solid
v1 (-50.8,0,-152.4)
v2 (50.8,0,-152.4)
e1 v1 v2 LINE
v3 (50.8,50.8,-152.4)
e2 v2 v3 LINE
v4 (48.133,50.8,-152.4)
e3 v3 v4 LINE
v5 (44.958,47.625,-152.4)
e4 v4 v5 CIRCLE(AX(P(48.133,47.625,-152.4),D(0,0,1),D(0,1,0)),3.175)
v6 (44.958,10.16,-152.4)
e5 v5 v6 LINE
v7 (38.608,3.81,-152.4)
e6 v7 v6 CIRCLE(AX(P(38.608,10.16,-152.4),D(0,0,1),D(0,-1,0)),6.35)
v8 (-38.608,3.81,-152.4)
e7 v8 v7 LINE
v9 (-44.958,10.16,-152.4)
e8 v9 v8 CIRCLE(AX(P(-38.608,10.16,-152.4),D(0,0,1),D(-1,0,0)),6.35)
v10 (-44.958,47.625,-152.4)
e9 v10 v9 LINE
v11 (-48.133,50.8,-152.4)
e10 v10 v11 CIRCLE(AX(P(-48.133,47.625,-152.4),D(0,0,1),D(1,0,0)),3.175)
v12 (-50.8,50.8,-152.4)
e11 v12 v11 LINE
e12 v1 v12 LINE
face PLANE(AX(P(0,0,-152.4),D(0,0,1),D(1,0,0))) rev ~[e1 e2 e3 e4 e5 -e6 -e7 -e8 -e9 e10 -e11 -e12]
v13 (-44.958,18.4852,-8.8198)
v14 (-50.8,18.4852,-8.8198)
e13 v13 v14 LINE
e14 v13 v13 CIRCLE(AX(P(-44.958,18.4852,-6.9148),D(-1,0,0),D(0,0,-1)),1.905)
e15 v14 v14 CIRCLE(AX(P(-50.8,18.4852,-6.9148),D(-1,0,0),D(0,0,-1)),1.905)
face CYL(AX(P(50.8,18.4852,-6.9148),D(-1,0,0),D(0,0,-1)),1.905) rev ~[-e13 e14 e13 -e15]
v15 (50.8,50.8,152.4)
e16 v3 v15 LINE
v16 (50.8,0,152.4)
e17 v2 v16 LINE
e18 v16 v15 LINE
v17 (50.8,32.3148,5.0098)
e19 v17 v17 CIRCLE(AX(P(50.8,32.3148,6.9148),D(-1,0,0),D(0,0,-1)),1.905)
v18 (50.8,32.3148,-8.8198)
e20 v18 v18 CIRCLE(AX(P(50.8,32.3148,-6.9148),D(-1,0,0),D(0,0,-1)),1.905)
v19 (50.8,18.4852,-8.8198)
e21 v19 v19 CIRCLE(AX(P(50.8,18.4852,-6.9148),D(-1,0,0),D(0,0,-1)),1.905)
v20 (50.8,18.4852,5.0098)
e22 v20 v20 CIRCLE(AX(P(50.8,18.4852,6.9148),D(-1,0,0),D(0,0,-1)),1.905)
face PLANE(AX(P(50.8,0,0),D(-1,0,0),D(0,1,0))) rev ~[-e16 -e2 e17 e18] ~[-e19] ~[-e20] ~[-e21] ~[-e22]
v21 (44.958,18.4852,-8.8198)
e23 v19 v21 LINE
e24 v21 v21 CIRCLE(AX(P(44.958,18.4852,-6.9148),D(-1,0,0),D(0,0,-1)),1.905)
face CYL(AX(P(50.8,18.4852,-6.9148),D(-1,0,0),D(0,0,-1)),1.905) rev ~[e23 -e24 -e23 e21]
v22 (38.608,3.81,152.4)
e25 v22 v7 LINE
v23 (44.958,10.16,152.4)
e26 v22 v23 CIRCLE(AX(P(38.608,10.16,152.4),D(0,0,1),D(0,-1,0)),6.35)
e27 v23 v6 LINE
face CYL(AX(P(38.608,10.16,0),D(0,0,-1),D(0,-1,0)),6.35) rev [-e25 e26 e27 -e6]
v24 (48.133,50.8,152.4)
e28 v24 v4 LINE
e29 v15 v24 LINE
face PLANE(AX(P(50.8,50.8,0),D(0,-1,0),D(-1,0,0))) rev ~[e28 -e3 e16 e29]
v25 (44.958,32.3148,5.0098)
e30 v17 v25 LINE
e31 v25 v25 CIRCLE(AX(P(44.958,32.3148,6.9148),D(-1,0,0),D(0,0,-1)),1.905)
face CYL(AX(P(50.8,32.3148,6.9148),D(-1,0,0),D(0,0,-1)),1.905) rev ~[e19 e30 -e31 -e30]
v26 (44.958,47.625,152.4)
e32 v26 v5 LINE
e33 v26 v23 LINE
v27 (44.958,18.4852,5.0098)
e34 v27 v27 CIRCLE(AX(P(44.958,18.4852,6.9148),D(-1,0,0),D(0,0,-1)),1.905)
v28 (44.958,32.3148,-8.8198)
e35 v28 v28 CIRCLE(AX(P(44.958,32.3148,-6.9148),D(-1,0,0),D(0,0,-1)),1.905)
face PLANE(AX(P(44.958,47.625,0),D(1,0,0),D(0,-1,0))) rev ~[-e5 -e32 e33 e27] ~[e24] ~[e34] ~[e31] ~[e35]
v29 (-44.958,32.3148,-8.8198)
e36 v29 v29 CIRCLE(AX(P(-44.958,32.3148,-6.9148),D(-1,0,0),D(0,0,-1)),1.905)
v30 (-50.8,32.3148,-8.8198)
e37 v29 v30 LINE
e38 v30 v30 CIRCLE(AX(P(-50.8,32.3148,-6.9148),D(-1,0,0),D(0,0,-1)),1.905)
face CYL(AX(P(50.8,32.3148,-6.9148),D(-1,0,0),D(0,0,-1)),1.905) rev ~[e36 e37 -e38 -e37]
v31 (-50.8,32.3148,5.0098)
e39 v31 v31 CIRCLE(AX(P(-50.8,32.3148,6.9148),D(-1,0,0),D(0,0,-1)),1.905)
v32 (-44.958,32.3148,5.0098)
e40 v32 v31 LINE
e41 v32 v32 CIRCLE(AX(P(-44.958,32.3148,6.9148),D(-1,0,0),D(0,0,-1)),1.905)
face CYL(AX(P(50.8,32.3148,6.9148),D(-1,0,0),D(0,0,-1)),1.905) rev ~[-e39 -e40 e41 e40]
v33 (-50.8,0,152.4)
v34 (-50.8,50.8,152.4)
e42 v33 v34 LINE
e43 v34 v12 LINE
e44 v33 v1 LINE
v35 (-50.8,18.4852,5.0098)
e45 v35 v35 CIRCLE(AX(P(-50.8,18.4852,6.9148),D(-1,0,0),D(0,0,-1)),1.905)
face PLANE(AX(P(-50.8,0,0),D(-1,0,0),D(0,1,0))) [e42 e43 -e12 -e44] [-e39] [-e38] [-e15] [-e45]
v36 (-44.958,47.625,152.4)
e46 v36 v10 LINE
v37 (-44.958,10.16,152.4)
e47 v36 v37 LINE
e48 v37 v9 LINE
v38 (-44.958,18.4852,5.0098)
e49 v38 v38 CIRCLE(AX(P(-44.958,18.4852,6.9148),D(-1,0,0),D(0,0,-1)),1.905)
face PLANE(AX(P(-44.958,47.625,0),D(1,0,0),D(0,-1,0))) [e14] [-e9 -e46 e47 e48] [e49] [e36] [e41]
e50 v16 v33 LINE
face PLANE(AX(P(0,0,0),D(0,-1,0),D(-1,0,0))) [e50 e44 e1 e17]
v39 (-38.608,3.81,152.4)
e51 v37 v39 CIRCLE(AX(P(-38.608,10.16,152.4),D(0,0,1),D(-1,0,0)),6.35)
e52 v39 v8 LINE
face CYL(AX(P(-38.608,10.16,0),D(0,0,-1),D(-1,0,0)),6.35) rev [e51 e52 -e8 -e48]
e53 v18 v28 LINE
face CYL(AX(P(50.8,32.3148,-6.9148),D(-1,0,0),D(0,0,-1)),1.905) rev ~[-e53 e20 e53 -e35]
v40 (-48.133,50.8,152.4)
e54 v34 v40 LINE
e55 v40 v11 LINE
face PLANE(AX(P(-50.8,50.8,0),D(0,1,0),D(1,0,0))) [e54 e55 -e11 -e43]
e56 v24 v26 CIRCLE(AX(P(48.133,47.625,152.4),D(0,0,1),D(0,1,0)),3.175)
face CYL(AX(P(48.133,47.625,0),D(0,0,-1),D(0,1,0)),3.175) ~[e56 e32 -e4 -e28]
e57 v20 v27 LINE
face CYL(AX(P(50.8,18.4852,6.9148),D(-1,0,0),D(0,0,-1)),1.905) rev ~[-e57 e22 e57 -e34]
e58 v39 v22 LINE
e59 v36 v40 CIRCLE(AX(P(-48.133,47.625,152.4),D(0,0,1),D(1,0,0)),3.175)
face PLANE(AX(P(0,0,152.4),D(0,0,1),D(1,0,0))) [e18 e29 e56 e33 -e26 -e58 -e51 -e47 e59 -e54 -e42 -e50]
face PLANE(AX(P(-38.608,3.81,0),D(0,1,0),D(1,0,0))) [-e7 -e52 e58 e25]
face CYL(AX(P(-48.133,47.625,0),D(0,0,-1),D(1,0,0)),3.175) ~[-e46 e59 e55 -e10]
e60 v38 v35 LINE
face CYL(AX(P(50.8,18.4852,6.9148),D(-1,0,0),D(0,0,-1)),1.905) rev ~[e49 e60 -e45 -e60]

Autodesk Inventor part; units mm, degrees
ref_plane "YZ Plane" through (0, 0, 0) normal (1, 0, 0) x (0, 1, 0)
ref_plane "XZ Plane" through (0, 0, 0) normal (0, 1, 0) x (-1, 0, 0)
ref_plane "XY Plane" through (0, 0, 0) normal (0, 0, 1) x (1, 0, 0)
sketch "Sketch1" plane through (0, 0, 0) normal (0, 0, 1) x (1, 0, 0)
  line L0 (0, 0) -> (50.8, 0)
  line L1 (50.8, 0) -> (50.8, 50.8)
  line L2 (50.8, 50.8) -> (48.133, 50.8)
  line L3 (44.958, 47.625) -> (44.958, 10.16)
  line L4 (0, 0) -> (-50.8, 0)
  line L5 (-50.8, 0) -> (-50.8, 50.8)
  line L6 (-50.8, 50.8) -> (-48.133, 50.8)
  line L7 (-44.958, 47.625) -> (-44.958, 10.16)
  line L8 (-38.608, 3.81) -> (38.608, 3.81)
  arc A0 (-44.958, 10.16) -> (-38.608, 3.81) centre (-38.608, 10.16) ccw
  arc A1 (38.608, 3.81) -> (44.958, 10.16) centre (38.608, 10.16) ccw
  arc A2 (-44.958, 47.625) -> (-48.133, 50.8) centre (-48.133, 47.625) ccw
  arc A3 (48.133, 50.8) -> (44.958, 47.625) centre (48.133, 47.625) ccw
  point P0 (44.958, 50.8)
  point P1 (44.958, 3.81)
  point P2 (49.4665, 50.8)
  point P3 (-44.958, 50.8)
  point P4 (-44.958, 3.81)
  dimension "d0" = 50.8
  dimension "d1" = 50.8
  dimension "d2" = 5.842
  dimension "d3" = 46.99
  dimension "d4" = 50.8
  dimension "d5" = 5.842
  dimension "d6" = 46.99
  dimension "d7" = 50.8
  dimension "d8" = 6.35
  dimension "d9" = 6.35
  dimension "d12" = 3.175
  dimension "d13" = 3.175
extrude "Extrusion1" add sketch "Sketch1" along normal mid plane 304.8
sketch "Sketch3" plane through (50.8, 0, 152.4) normal (1, 0, 0) x (0, 0, -1)
  line L0 (304.8, 50.8) -> (0, 50.8) projected
  line L1 (0, 0) -> (0, 50.8) projected
  line L2 (304.8, 50.8) -> (304.8, 0) projected
  line L3 (0, 25.4) -> (304.8, 25.4) construction
  line L4 (152.4, 50.8) -> (152.4, 0) construction
  circle A0 centre (152.4, 25.4) radius 9.779 construction
  circle A1 centre (159.3148, 32.3148) radius 1.8288
  circle A2 centre (159.3148, 18.4852) radius 1.8288
  circle A3 centre (145.4852, 18.4852) radius 1.8288
  circle A4 centre (145.4852, 32.3148) radius 1.8288
  line L5 (145.4852, 18.4852) -> (159.3148, 18.4852) construction
  line L6 (159.3148, 18.4852) -> (159.3148, 32.3148) construction
  line L7 (159.3148, 32.3148) -> (145.4852, 32.3148) construction
  line L8 (145.4852, 32.3148) -> (145.4852, 18.4852) construction
  line L9 (145.4852, 18.4852) -> (159.3148, 32.3148) construction
  line L10 (159.3148, 18.4852) -> (145.4852, 32.3148) construction
  dimension "d22" = 19.558
  dimension "d23" = 3.6576
  dimension "d24" = 3.6576
  dimension "d25" = 3.6576
  dimension "d26" = 3.6576
hole "Hole2" at (50.8, 32.3148, 6.9148) at (50.8, 32.3148, -6.9148) at (50.8, 18.4852, -6.9148) at (50.8, 18.4852, 6.9148) direction (-1, 0, 0) diameter 3.81 end through all clearance for "Flat Head Machine Screw (82)" size "#6" standard "Ansi Unified Screw Threads"
equation "\"d4\" = d0"
equation "\"d5\" = d2"
equation "\"d6\" = d3"
equation "\"d7\" = d1"
equation "\"d9\" = d8"
equation "\"d13\" = d12"
equation "\"d24\" = d23"
equation "\"d25\" = d23"
equation "\"d26\" = d23"
properties part number "U-Channel Housing 4x2x12"
